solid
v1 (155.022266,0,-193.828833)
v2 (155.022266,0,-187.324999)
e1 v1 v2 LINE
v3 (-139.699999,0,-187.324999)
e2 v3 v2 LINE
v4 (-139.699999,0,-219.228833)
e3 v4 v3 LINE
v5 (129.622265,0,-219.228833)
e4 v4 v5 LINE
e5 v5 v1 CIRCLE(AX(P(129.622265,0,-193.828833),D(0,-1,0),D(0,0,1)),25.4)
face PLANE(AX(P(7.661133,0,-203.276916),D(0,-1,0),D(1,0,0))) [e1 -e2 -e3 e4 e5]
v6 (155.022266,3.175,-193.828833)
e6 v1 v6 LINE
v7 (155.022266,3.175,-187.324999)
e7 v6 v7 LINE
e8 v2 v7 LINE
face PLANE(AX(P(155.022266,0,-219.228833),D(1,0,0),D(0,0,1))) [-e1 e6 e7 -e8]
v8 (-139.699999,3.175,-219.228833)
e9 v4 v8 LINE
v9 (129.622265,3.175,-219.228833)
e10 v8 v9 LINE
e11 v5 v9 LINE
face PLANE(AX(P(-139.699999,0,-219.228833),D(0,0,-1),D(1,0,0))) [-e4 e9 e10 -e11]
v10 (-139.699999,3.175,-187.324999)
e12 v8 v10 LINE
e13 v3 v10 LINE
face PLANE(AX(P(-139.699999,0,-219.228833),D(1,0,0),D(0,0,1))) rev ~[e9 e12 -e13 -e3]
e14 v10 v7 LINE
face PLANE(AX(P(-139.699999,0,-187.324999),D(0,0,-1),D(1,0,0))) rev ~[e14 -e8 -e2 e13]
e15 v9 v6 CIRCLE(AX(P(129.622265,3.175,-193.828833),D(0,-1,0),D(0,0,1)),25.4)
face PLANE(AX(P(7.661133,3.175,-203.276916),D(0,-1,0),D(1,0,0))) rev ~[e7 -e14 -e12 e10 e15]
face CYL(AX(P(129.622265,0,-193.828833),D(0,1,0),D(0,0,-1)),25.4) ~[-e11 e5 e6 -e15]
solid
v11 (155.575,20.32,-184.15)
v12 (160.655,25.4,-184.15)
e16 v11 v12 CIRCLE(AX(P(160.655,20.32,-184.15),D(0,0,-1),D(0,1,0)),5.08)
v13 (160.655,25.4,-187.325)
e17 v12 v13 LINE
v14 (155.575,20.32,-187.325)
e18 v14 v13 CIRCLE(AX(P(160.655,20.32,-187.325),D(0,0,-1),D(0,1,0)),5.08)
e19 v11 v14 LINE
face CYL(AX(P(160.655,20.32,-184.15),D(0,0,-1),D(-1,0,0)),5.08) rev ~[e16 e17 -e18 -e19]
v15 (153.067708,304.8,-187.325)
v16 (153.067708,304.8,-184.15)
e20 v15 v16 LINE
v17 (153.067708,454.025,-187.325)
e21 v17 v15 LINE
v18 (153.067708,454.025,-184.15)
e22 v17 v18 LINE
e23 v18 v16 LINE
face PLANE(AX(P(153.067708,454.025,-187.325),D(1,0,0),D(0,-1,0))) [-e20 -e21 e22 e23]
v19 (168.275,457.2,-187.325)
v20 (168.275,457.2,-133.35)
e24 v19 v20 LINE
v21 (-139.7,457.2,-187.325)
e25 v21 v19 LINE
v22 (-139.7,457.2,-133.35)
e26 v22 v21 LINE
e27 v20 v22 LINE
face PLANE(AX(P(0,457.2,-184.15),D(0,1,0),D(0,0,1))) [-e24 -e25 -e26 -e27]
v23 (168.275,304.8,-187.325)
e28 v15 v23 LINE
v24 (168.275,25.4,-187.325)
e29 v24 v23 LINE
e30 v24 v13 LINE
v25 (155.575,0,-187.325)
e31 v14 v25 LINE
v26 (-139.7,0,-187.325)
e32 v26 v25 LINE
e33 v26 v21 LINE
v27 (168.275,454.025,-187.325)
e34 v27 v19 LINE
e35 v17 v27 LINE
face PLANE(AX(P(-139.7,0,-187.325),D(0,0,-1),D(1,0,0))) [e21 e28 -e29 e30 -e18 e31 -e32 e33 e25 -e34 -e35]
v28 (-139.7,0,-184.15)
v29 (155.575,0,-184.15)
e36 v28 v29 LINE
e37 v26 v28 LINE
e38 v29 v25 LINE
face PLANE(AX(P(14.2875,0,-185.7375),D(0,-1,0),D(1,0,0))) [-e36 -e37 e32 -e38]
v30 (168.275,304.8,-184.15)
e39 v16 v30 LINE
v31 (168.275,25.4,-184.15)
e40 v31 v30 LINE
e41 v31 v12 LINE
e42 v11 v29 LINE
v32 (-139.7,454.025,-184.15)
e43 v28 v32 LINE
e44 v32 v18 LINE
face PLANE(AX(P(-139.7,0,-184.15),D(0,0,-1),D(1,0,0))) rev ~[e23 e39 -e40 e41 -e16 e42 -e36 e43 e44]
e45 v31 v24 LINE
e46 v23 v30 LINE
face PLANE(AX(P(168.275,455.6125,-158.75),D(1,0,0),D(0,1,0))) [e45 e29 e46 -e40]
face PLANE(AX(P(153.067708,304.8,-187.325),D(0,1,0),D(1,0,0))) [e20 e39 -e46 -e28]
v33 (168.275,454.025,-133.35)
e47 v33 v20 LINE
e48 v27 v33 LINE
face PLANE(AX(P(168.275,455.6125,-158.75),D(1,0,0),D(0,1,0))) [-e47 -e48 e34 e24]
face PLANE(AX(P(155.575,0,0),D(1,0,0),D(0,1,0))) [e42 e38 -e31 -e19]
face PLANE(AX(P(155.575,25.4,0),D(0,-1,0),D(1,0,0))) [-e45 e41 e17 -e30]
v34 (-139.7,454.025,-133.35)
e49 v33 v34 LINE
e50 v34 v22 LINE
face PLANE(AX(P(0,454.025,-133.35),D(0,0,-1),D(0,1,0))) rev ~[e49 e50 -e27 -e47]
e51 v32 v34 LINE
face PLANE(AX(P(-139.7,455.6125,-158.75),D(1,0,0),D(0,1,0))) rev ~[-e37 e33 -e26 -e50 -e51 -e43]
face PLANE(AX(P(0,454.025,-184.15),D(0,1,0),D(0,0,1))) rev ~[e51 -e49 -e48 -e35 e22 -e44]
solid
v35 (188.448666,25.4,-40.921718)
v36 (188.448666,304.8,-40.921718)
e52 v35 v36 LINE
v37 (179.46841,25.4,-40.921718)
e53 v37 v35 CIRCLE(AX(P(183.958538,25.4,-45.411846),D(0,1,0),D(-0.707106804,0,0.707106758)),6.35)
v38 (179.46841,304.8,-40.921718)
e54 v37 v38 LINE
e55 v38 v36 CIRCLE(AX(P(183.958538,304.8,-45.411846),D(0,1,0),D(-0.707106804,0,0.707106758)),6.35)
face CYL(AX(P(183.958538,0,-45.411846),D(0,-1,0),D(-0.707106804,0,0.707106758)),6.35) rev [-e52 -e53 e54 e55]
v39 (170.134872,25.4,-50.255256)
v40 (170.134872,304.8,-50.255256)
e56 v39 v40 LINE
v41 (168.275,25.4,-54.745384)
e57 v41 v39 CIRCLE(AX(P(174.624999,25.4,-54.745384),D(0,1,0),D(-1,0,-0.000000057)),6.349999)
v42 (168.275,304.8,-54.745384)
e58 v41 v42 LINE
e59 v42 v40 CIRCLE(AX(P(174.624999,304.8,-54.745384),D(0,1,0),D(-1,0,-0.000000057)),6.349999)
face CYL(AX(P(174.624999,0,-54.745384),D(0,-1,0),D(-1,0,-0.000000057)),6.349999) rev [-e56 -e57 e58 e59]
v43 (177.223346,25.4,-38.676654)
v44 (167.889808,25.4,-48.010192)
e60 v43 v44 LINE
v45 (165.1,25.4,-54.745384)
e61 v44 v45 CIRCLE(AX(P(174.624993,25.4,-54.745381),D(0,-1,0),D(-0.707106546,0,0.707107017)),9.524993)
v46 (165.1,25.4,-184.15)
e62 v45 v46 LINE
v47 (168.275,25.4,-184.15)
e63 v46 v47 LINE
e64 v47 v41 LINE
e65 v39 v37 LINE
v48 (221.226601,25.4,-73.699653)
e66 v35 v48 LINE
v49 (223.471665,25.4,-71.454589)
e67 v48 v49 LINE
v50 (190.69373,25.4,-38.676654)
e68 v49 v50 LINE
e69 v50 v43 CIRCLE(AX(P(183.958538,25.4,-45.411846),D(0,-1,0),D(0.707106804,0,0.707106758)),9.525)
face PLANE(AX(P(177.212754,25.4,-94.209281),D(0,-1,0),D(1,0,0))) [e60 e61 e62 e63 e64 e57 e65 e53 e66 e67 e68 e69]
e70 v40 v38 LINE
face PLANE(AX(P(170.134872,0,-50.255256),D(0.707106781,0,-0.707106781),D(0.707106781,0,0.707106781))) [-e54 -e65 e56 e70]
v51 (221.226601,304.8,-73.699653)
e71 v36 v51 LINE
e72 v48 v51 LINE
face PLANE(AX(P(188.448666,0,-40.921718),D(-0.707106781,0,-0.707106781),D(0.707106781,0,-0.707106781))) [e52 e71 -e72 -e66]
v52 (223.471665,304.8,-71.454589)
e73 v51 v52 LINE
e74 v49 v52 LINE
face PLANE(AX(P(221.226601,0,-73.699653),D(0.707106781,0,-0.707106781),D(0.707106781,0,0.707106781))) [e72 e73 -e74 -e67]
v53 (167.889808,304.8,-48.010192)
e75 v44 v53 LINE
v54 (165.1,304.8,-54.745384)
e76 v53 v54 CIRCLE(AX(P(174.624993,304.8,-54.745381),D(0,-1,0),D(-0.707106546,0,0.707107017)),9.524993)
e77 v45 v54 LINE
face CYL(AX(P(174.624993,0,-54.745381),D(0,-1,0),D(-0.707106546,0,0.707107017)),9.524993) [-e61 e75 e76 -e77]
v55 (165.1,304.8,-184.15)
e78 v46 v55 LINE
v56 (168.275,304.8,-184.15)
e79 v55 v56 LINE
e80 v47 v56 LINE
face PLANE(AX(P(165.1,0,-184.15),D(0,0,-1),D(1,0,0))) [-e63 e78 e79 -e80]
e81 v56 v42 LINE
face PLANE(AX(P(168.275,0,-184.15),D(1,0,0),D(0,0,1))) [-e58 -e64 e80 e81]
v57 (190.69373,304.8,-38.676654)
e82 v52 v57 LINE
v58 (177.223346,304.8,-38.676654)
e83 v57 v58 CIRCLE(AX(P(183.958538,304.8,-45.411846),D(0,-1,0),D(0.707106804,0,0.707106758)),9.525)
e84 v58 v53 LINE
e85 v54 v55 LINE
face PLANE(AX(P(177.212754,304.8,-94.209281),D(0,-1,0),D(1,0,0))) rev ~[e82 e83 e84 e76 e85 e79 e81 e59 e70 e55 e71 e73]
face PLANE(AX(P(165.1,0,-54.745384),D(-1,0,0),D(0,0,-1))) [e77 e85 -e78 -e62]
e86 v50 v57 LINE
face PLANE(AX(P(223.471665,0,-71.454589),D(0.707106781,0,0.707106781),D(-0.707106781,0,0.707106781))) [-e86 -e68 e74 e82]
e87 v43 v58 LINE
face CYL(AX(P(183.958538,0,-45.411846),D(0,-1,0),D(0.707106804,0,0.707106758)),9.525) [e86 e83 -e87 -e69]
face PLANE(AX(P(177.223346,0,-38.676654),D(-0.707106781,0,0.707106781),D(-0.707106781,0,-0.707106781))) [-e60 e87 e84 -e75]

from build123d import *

# Parameters (mm, degrees)
F4_W          = 307.975
F4_H          = 3.175
F6_DEPTH      = 457.2
F5_W          = 294.722265
F5_H          = 31.903833
F7_DEPTH      = 3.175
F8_W          = 3.175
F8_H          = 50.8
F9_DEPTH      = 168.275
F9_DEPTH_BACK = 139.7
F10_DEPTH     = 304.8
F11_DEPTH     = 25.4
F12_W         = 15.207292
F12_H         = 149.225
F13_DEPTH     = 3.175
F14_W         = 12.7
F14_H         = 25.4
F15_DEPTH     = 304.8
F16_R         = 25.4
F17_R         = 5.08


with BuildPart() as f6:
    # F4 (on Front) → F6 (new body)
    with BuildSketch(Plane.XZ):
        with Locations((14.2875, -185.7375)):
            Rectangle(F4_W, F4_H)
    extrude(amount=-F6_DEPTH)

    # F8 (on Right) → F9 (join, two sides)
    with BuildSketch(Plane.YZ) as f9_sk:
        with Locations((455.6125, -158.75)):
            Rectangle(F8_W, F8_H)
    extrude(amount=F9_DEPTH)
    extrude(f9_sk.sketch, amount=-F9_DEPTH_BACK)

    # F12 (on face) → F13 (cut)
    with BuildSketch(Plane(origin=(0, 0, -187.325), x_dir=(1, 0, 0), z_dir=(0, 0, -1))):
        with Locations((160.671354, -379.4125)):
            Rectangle(F12_W, F12_H)
    extrude(amount=-F13_DEPTH, mode=Mode.SUBTRACT)

    # F14 (on Top) → F15 (cut)
    with BuildSketch(Plane.XY):
        with Locations((161.925, 12.7)):
            Rectangle(F14_W, F14_H)
    extrude(amount=-F15_DEPTH, mode=Mode.SUBTRACT)

    # F17
    f17_edges = [f6.edges().sort_by_distance(p)[0] for p in [
        (155.575, 25.4, -185.7375),
    ]]
    fillet(f17_edges, radius=F17_R)


with BuildPart() as f7:
    # F5 (on Front) → F7 (new body)
    with BuildSketch(Plane.XZ):
        with Locations((7.661133, -203.276916)):
            Rectangle(F5_W, F5_H)
    extrude(amount=-F7_DEPTH)

    # F16
    f16_edges = [f7.edges().sort_by_distance(p)[0] for p in [
        (155.022265, 1.5875, -219.228833),
    ]]
    fillet(f16_edges, radius=F16_R)


with BuildPart() as f10:
    # F3 (on Front) → F10 (new body)
    with BuildSketch(Plane.XZ):
        with BuildLine():
            Line((165.1, -54.745384), (165.1, -184.15))
            Line((165.1, -184.15), (168.275, -184.15))
            Line((168.275, -184.15), (168.275, -54.745384))
            ThreePointArc((168.275, -54.745384), (168.758365, -52.315344), (170.134872, -50.255256))
            Line((170.134872, -50.255256), (179.46841, -40.921718))
            ThreePointArc((179.46841, -40.921718), (183.958538, -39.061846), (188.448666, -40.921718))
            Line((188.448666, -40.921718), (221.226601, -73.699653))
            Line((221.226601, -73.699653), (223.471665, -71.454589))
            Line((223.471665, -71.454589), (190.69373, -38.676654))
            ThreePointArc((190.69373, -38.676654), (183.958538, -35.886846), (177.223346, -38.676654))
            Line((177.223346, -38.676654), (167.889808, -48.010192))
            ThreePointArc((167.889808, -48.010192), (165.825047, -51.100324), (165.1, -54.745384))
        make_face()
    extrude(amount=-F10_DEPTH)

    # F3 (on Front) → F11 (cut)
    with BuildSketch(Plane.XZ):
        with BuildLine():
            Line((165.1, -54.745384), (165.1, -184.15))
            Line((165.1, -184.15), (168.275, -184.15))
            Line((168.275, -184.15), (168.275, -54.745384))
            ThreePointArc((168.275, -54.745384), (168.758365, -52.315344), (170.134872, -50.255256))
            Line((170.134872, -50.255256), (179.46841, -40.921718))
            ThreePointArc((179.46841, -40.921718), (183.958538, -39.061846), (188.448666, -40.921718))
            Line((188.448666, -40.921718), (221.226601, -73.699653))
            Line((221.226601, -73.699653), (223.471665, -71.454589))
            Line((223.471665, -71.454589), (190.69373, -38.676654))
            ThreePointArc((190.69373, -38.676654), (183.958538, -35.886846), (177.223346, -38.676654))
            Line((177.223346, -38.676654), (167.889808, -48.010192))
            ThreePointArc((167.889808, -48.010192), (165.825047, -51.100324), (165.1, -54.745384))
        make_face()
    extrude(amount=-F11_DEPTH, mode=Mode.SUBTRACT)


solid = Compound([f6.part, f7.part, f10.part])
